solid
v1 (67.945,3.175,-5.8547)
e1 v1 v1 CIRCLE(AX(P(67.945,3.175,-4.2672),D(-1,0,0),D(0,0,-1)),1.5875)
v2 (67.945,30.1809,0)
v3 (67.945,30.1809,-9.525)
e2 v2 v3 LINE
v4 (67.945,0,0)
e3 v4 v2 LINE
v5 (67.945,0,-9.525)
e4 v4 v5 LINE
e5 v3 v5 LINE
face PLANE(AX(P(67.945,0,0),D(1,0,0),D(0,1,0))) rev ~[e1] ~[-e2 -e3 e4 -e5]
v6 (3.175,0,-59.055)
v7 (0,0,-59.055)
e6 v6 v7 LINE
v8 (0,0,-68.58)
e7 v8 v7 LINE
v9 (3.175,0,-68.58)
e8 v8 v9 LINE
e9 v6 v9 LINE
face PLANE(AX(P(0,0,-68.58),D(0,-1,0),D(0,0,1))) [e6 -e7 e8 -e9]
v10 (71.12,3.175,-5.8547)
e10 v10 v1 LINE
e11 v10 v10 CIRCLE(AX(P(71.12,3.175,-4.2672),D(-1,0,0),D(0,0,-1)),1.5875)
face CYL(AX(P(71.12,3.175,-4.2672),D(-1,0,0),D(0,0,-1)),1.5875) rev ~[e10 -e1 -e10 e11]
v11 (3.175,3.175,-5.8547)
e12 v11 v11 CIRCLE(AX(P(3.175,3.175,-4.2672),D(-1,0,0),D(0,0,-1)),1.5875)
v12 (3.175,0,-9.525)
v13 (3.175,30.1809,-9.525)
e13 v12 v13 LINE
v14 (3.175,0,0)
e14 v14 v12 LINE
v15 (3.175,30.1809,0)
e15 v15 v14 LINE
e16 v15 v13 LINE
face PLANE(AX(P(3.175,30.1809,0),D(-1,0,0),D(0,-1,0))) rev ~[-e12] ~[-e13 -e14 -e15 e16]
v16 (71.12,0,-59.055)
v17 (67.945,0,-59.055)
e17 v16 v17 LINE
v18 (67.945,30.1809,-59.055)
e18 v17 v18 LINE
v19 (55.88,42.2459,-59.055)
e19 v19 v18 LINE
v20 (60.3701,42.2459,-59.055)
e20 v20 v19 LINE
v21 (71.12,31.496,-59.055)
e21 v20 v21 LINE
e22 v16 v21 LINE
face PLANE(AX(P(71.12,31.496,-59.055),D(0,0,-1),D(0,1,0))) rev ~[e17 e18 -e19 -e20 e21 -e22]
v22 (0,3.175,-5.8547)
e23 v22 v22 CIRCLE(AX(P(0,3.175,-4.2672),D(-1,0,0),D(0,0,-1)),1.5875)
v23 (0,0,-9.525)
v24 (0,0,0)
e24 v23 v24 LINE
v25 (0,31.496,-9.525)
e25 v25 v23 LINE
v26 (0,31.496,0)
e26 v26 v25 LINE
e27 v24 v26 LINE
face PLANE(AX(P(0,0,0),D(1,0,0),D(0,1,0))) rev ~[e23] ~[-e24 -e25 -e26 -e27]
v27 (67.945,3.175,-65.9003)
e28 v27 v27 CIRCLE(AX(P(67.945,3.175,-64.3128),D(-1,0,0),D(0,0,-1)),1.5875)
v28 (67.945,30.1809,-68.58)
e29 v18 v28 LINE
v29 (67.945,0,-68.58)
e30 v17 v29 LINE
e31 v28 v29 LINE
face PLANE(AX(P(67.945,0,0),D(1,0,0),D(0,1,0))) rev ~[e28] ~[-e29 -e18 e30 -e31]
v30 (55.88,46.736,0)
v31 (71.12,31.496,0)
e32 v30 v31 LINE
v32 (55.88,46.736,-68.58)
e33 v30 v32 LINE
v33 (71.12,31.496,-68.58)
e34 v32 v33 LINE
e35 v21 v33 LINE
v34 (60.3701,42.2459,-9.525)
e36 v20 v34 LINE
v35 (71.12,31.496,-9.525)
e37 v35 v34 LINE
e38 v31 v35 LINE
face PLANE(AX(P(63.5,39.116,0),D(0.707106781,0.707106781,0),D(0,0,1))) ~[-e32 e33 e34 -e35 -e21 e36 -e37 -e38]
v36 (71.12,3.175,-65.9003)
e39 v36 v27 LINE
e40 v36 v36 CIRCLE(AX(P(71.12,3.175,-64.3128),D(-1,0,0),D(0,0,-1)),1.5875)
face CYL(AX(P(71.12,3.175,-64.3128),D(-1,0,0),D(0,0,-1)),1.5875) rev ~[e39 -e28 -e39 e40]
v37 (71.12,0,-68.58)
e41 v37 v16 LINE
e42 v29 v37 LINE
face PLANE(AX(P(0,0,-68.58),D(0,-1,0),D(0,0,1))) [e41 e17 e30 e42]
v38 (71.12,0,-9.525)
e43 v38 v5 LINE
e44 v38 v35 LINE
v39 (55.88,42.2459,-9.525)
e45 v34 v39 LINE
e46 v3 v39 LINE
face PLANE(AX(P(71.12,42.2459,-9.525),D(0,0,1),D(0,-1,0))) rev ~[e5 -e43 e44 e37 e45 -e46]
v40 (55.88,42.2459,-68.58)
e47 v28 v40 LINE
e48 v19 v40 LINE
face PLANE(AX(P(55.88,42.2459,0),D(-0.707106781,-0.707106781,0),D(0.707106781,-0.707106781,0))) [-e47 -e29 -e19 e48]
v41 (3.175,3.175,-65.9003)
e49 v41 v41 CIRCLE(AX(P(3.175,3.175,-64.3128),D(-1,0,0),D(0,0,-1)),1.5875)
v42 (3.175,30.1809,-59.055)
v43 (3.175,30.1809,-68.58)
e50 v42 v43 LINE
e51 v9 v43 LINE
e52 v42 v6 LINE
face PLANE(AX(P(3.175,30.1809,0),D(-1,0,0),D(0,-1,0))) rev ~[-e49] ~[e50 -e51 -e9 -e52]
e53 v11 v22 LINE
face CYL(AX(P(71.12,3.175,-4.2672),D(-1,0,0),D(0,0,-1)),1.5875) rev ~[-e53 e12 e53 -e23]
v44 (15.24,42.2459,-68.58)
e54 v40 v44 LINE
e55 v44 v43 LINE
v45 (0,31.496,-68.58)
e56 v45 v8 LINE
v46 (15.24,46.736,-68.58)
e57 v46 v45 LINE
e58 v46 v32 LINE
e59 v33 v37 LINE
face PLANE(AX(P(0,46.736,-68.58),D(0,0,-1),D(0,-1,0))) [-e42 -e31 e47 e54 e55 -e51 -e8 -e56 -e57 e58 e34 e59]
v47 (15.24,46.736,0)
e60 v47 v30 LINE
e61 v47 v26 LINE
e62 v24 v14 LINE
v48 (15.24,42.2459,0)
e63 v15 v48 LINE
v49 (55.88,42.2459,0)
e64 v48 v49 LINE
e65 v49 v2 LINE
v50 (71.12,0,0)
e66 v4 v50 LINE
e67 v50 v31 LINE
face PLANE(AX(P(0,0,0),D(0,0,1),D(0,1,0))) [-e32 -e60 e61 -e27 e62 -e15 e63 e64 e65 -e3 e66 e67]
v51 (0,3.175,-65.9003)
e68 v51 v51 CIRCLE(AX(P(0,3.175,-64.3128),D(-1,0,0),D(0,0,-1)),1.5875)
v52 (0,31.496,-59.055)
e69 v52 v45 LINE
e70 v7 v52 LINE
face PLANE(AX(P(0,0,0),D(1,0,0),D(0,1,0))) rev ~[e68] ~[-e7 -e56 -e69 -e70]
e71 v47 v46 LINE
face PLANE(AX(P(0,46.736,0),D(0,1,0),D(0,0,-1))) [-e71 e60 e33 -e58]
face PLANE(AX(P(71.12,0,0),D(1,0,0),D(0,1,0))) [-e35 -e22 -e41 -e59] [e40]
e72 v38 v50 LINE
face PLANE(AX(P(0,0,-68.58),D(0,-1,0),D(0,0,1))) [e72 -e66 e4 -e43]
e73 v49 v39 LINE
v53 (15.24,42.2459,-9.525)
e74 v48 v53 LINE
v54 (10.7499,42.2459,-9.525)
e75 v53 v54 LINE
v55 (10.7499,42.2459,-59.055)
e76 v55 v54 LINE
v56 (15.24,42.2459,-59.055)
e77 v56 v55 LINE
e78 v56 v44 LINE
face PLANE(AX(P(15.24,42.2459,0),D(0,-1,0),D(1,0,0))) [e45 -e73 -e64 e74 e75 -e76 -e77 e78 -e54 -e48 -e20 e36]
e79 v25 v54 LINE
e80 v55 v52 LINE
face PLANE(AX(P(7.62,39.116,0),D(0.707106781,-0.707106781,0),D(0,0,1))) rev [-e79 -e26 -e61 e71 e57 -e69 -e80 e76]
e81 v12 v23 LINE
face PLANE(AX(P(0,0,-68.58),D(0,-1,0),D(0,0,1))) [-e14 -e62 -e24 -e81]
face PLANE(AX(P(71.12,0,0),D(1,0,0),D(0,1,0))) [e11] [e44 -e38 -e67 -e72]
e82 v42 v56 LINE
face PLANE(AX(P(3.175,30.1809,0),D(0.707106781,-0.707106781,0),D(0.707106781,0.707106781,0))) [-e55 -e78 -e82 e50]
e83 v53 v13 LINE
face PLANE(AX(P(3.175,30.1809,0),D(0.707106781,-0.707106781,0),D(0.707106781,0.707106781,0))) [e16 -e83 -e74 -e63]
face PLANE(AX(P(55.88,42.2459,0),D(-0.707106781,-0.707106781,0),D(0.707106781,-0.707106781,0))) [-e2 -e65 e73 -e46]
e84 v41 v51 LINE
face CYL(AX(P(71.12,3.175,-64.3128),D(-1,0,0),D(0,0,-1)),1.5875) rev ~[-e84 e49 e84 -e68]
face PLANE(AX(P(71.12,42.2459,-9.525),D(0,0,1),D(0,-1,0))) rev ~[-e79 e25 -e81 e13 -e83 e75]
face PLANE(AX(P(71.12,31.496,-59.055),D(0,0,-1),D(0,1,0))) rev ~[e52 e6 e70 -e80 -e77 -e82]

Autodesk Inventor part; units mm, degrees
ref_plane "YZ Plane" through (0, 0, 0) normal (1, 0, 0) x (0, 1, 0)
ref_plane "XZ Plane" through (0, 0, 0) normal (0, 1, 0) x (-1, 0, 0)
ref_plane "XY Plane" through (0, 0, 0) normal (0, 0, 1) x (1, 0, 0)
sketch "Sketch1" plane through (0, 0, 0) normal (1, 0, 0) x (0, 1, 0)
  line L0 (0, 0) -> (46.736, 0)
  line L1 (46.736, 0) -> (46.736, -68.58)
  line L2 (46.736, -68.58) -> (0, -68.58)
  line L3 (0, -68.58) -> (0, 0)
  dimension "d0" = 46.736
  dimension "d1" = 68.58
extrude "Extrusion1" add sketch "Sketch1" along normal blind 71.12
chamfer "Chamfer1" distance 15.24 angle 45 2 edges at (0, 46.736, -34.29) (71.12, 46.736, -34.29)
sketch "Sketch2" plane through (0, 0, 0) normal (0, 0, 1) x (1, 0, 0)
  line L0 (55.88, 46.736) -> (71.12, 31.496) projected
  line L1 (15.24, 46.736) -> (55.88, 46.736) projected
  line L2 (0, 31.496) -> (15.24, 46.736) projected
  line L3 (0, 0) -> (0, 31.496) projected
  line L4 (0, 0) -> (71.12, 0) projected
  line L5 (71.12, 31.496) -> (71.12, 0) projected
  line L6 (0, 0) -> (71.12, 0) projected
  line L7 (15.24, 42.2459) -> (55.88, 42.2459)
  line L8 (57.658, 0) -> (15.24, 0)
  line L9 (3.175, 0) -> (67.945, 0)
  line L10 (67.945, 0) -> (67.945, 30.1809)
  line L11 (3.175, 30.1809) -> (3.175, 0)
  line L12 (3.175, 30.1809) -> (15.24, 42.2459)
  line L13 (55.88, 42.2459) -> (67.945, 30.1809)
  dimension "d12" = 3.175
  dimension "d13" = 3.175
  dimension "d36" = 3.175
  dimension "d37" = 3.175
  dimension "d38" = 3.175
  dimension "d39" = 3.175
extrude "Extrusion2" cut sketch "Sketch2" against normal blind 127 contours L4 L11 L12 L7 L13 L10
sketch "Sketch3" plane through (71.12, 0, 0) normal (1, 0, 0) x (0, 0, -1)
  line L0 (0, 31.496) -> (68.58, 31.496) projected
  line L1 (0, 31.496) -> (0, 0) projected
  line L2 (0, 0) -> (68.58, 0) projected
  line L3 (68.58, 0) -> (68.58, 31.496) projected
  line L4 (4.2672, 3.175) -> (64.3128, 3.175)
  line L5 (64.3128, 3.175) -> (64.3128, 19.177)
  line L6 (64.3128, 19.177) -> (4.2672, 19.177)
  line L7 (4.2672, 19.177) -> (4.2672, 3.175)
  dimension "d16" = 60.0456
  dimension "d17" = 68.58
  dimension "d18" = 4.2672
  dimension "d19" = 16.002
  dimension "d20" = 31.496
  dimension "d21" = 3.175
hole "Hole2" at (71.12, 3.175, -4.2672) at (71.12, 3.175, -64.3128) direction (-1, 0, 0) diameter 3.175 end through all
sketch "Sketch4" plane through (71.12, 0, 0) normal (1, 0, 0) x (0, 0, -1)
  circle A0 centre (4.2672, 3.175) radius 1.5875 projected
  circle A1 centre (64.3128, 3.175) radius 1.5875 projected
  line L0 (0, 31.496) -> (68.58, 31.496) projected
  line L1 (0, 31.496) -> (0, 0) projected
  line L2 (0, 0) -> (68.58, 0) projected
  line L3 (68.58, 0) -> (68.58, 31.496) projected
  line L4 (0, 46.736) -> (0, 31.496) projected
  line L5 (0, 31.496) -> (68.58, 31.496) projected
  line L6 (68.58, 31.496) -> (68.58, 46.736) projected
  line L7 (68.58, 46.736) -> (0, 46.736) projected
  line L8 (68.58, 0) -> (0, 0) projected
  line L9 (0, 42.2459) -> (68.58, 42.2459) projected
  line L10 (9.525, 0) -> (59.055, 0)
  line L11 (59.055, 0) -> (59.055, 42.2459)
  line L12 (59.055, 42.2459) -> (9.525, 42.2459)
  line L13 (9.525, 42.2459) -> (9.525, 0)
  dimension "d40" = 42.2459
  dimension "d41" = 68.58
  dimension "d42" = 49.53
  dimension "d43" = 9.525
extrude "Extrusion3" cut sketch "Sketch4" against normal blind 127 contours L13 L9 L11 L0 | L0 L11 L2 L13
equation "\"d18\" = -0.5 * d16 + 0.5 * d17"
equation "\"d43\" = -0.5 * d42 + 0.5 * d41"
properties part number "MotorProtector"
